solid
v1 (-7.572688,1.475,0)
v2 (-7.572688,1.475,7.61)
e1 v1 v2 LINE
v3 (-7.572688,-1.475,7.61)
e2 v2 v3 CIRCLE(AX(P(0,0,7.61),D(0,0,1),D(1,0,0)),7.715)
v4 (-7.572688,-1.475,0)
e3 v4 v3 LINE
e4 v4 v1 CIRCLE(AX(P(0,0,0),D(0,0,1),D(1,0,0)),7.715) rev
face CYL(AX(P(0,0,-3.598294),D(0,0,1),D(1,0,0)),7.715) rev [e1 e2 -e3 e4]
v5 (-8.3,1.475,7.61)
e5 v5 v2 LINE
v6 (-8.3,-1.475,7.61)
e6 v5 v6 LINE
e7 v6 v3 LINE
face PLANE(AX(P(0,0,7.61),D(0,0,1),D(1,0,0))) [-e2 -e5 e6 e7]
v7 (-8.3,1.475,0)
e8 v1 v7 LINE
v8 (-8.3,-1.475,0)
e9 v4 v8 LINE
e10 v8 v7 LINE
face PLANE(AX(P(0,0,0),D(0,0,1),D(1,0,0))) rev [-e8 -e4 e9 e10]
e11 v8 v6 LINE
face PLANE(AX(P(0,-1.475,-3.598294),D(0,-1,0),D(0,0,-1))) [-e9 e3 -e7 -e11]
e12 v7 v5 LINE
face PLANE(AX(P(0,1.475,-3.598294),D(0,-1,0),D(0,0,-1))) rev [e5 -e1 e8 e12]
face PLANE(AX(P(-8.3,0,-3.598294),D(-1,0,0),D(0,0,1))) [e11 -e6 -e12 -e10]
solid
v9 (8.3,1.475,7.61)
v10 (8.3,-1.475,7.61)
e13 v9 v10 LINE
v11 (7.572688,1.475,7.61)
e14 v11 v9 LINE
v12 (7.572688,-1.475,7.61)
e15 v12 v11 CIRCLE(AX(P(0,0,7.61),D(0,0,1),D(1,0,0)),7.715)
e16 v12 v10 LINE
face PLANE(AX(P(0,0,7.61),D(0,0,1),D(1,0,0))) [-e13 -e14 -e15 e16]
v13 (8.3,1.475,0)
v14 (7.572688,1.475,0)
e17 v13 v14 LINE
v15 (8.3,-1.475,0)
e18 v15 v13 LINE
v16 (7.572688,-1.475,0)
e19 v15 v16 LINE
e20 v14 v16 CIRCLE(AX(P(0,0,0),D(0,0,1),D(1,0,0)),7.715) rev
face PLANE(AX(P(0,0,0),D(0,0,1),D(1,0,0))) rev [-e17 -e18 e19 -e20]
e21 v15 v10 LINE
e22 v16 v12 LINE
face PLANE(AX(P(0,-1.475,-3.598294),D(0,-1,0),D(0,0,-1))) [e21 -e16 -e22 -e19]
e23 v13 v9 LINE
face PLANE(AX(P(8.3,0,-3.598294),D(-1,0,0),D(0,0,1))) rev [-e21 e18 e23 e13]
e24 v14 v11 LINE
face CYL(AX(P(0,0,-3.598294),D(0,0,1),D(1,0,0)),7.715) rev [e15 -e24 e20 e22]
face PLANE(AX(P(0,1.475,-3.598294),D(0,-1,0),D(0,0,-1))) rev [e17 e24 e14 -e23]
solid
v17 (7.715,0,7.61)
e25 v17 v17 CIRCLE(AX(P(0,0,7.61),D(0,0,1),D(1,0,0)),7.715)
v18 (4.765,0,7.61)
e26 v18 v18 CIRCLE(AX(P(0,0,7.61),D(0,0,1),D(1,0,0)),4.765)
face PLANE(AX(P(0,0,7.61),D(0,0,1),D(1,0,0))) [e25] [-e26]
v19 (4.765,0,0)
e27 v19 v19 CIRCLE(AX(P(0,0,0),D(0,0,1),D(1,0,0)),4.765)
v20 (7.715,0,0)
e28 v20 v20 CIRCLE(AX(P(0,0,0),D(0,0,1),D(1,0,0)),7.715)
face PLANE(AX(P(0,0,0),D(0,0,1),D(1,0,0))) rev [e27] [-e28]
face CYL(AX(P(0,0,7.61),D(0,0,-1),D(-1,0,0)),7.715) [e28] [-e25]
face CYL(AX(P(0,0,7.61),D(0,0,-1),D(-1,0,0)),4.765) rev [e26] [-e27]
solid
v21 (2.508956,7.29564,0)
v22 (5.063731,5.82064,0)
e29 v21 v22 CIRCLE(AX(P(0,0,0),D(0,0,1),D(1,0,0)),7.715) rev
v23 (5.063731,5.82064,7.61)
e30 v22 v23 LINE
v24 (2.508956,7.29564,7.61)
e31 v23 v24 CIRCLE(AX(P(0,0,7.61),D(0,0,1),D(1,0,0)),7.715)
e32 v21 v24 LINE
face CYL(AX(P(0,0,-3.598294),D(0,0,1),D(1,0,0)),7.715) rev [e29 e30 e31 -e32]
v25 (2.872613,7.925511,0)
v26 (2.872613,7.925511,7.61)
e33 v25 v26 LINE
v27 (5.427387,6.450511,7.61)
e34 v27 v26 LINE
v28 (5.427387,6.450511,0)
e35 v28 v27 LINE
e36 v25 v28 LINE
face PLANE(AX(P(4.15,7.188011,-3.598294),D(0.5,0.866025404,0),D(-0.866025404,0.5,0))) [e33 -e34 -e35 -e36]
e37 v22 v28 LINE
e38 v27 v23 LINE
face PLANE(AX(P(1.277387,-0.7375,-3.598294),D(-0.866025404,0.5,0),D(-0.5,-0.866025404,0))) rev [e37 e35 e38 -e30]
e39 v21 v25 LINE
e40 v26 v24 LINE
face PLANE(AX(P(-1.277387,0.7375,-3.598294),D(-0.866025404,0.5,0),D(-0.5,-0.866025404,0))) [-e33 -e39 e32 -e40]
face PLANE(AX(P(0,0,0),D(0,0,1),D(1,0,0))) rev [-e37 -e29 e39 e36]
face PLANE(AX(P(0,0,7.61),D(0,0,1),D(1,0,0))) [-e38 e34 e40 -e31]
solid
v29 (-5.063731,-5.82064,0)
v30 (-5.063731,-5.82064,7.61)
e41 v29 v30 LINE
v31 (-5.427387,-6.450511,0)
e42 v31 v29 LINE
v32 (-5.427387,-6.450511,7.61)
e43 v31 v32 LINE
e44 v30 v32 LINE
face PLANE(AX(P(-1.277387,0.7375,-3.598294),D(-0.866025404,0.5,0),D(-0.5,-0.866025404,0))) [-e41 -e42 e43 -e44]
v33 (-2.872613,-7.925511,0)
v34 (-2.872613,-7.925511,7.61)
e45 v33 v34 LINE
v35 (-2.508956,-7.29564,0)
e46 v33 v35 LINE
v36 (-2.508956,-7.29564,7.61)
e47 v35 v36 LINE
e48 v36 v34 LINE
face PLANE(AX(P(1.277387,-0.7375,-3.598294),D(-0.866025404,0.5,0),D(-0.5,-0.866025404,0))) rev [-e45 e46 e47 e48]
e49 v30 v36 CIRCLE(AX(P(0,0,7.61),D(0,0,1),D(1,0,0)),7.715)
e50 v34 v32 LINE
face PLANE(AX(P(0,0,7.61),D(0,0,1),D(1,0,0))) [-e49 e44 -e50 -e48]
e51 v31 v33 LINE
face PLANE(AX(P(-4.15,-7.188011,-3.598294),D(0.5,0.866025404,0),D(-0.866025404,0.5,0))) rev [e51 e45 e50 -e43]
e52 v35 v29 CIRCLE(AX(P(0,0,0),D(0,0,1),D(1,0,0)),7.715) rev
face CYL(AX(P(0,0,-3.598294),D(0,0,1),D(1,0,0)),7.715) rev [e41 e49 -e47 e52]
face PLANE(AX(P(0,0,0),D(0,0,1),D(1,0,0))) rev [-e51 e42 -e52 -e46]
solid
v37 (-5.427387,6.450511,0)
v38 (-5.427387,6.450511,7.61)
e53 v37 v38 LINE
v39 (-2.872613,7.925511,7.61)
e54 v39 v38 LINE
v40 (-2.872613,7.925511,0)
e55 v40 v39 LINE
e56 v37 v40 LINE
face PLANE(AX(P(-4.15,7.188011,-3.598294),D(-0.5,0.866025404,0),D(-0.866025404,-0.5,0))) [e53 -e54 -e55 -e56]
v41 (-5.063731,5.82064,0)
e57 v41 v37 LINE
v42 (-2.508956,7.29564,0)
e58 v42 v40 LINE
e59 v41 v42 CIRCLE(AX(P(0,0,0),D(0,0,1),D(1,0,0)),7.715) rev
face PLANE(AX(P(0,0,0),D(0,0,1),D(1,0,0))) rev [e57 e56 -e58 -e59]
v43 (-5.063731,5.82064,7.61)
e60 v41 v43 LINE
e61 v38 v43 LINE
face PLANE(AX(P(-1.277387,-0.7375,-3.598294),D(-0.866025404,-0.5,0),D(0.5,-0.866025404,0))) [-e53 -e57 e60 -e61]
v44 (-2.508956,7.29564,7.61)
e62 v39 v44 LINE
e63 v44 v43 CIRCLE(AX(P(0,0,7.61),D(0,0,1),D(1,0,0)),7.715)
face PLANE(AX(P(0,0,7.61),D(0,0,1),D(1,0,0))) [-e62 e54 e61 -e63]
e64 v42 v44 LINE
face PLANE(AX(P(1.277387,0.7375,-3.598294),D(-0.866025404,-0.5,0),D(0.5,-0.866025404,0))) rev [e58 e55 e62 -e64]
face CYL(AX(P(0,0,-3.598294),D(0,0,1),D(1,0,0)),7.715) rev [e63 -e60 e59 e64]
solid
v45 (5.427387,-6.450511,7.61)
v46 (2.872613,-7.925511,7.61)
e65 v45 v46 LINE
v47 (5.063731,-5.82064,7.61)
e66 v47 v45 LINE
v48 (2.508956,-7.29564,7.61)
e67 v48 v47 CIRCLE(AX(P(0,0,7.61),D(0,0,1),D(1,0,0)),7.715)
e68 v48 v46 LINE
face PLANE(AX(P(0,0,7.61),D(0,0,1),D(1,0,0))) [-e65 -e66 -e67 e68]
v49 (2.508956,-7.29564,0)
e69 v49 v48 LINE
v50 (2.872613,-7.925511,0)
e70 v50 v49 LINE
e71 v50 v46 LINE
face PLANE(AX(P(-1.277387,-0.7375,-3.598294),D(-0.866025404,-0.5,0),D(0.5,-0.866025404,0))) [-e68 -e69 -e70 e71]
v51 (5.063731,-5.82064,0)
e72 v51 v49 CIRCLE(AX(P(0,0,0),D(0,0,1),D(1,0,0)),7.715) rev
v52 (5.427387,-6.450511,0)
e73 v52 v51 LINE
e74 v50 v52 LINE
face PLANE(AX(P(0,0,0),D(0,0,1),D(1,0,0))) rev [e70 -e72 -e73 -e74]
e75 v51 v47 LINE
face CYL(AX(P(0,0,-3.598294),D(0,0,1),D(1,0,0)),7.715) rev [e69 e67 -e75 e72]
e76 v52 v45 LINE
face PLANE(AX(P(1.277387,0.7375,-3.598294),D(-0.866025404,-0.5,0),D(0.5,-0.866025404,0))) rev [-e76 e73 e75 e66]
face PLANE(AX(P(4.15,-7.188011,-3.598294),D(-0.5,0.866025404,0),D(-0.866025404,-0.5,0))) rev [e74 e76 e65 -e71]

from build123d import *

# Parameters (mm, degrees)
SKETCH1_R             = 7.715
SKETCH1_R_2           = 4.765
BOSS_EXTRUDE1_DEPTH   = 7.61
BOSS_EXTRUDE3_DEPTH   = 7.61
BOSS_EXTRUDE3_2_DEPTH = 7.61
BOSS_EXTRUDE3_3_DEPTH = 7.61
BOSS_EXTRUDE3_4_DEPTH = 7.61
BOSS_EXTRUDE3_5_DEPTH = 7.61
BOSS_EXTRUDE3_6_DEPTH = 7.61


with BuildPart() as part:
    # Sketch1 → Boss-Extrude1 (new body)
    with BuildSketch(Plane.XY):
        Circle(SKETCH1_R)
        Circle(SKETCH1_R_2, mode=Mode.SUBTRACT)
    extrude(amount=BOSS_EXTRUDE1_DEPTH)


with BuildPart() as body_2:
    # Sketch3 → Boss-Extrude3 (new body)
    with BuildSketch(Plane.XY.offset(7.61)):
        with BuildLine():
            ThreePointArc((-7.572687766, -1.475), (-7.715, 0), (-7.572687766, 1.475))
            Line((-7.572687766, 1.475), (-8.3, 1.475))
            Line((-8.3, 1.475), (-8.3, -1.475))
            Line((-8.3, -1.475), (-7.572687766, -1.475))
        make_face()
    extrude(amount=-BOSS_EXTRUDE3_DEPTH)


with BuildPart() as body_3:
    # Sketch3 → Boss-Extrude3 2 (new body)
    with BuildSketch(Plane.XY.offset(7.61)):
        with BuildLine():
            Line((-2.508956412, 7.29563998), (-2.872612529, 7.925510851))
            Line((-2.872612529, 7.925510851), (-5.427387471, 6.450510851))
            Line((-5.427387471, 6.450510851), (-5.063731354, 5.82063998))
            ThreePointArc((-5.063731354, 5.82063998), (-3.8575, 6.68138599), (-2.508956412, 7.29563998))
        make_face()
    extrude(amount=-BOSS_EXTRUDE3_2_DEPTH)


with BuildPart() as body_4:
    # Sketch3 → Boss-Extrude3 3 (new body)
    with BuildSketch(Plane.XY.offset(7.61)):
        with BuildLine():
            Line((2.872612529, 7.925510851), (2.508956412, 7.29563998))
            ThreePointArc((2.508956412, 7.29563998), (3.8575, 6.68138599), (5.063731354, 5.82063998))
            Line((5.063731354, 5.82063998), (5.427387471, 6.450510851))
            Line((5.427387471, 6.450510851), (2.872612529, 7.925510851))
        make_face()
    extrude(amount=-BOSS_EXTRUDE3_3_DEPTH)


with BuildPart() as body_5:
    # Sketch3 → Boss-Extrude3 4 (new body)
    with BuildSketch(Plane.XY.offset(7.61)):
        with BuildLine():
            Line((8.3, 1.475), (7.572687766, 1.475))
            ThreePointArc((7.572687766, 1.475), (7.679339526, 0.740924722), (7.715, 0))
            ThreePointArc((7.715, 0), (7.679339526, -0.740924722), (7.572687766, -1.475))
            Line((7.572687766, -1.475), (8.3, -1.475))
            Line((8.3, -1.475), (8.3, 1.475))
        make_face()
    extrude(amount=-BOSS_EXTRUDE3_4_DEPTH)


with BuildPart() as body_6:
    # Sketch3 → Boss-Extrude3 5 (new body)
    with BuildSketch(Plane.XY.offset(7.61)):
        with BuildLine():
            Line((5.427387471, -6.450510851), (5.063731354, -5.82063998))
            ThreePointArc((5.063731354, -5.82063998), (3.8575, -6.68138599), (2.508956412, -7.29563998))
            Line((2.508956412, -7.29563998), (2.872612529, -7.925510851))
            Line((2.872612529, -7.925510851), (5.427387471, -6.450510851))
        make_face()
    extrude(amount=-BOSS_EXTRUDE3_5_DEPTH)


with BuildPart() as body_7:
    # Sketch3 → Boss-Extrude3 6 (new body)
    with BuildSketch(Plane.XY.offset(7.61)):
        with BuildLine():
            ThreePointArc((-2.508956412, -7.29563998), (-3.8575, -6.68138599), (-5.063731354, -5.82063998))
            Line((-5.063731354, -5.82063998), (-5.427387471, -6.450510851))
            Line((-5.427387471, -6.450510851), (-2.872612529, -7.925510851))
            Line((-2.872612529, -7.925510851), (-2.508956412, -7.29563998))
        make_face()
    extrude(amount=-BOSS_EXTRUDE3_6_DEPTH)


solid = Compound([part.part, body_2.part, body_3.part, body_4.part, body_5.part, body_6.part, body_7.part])
